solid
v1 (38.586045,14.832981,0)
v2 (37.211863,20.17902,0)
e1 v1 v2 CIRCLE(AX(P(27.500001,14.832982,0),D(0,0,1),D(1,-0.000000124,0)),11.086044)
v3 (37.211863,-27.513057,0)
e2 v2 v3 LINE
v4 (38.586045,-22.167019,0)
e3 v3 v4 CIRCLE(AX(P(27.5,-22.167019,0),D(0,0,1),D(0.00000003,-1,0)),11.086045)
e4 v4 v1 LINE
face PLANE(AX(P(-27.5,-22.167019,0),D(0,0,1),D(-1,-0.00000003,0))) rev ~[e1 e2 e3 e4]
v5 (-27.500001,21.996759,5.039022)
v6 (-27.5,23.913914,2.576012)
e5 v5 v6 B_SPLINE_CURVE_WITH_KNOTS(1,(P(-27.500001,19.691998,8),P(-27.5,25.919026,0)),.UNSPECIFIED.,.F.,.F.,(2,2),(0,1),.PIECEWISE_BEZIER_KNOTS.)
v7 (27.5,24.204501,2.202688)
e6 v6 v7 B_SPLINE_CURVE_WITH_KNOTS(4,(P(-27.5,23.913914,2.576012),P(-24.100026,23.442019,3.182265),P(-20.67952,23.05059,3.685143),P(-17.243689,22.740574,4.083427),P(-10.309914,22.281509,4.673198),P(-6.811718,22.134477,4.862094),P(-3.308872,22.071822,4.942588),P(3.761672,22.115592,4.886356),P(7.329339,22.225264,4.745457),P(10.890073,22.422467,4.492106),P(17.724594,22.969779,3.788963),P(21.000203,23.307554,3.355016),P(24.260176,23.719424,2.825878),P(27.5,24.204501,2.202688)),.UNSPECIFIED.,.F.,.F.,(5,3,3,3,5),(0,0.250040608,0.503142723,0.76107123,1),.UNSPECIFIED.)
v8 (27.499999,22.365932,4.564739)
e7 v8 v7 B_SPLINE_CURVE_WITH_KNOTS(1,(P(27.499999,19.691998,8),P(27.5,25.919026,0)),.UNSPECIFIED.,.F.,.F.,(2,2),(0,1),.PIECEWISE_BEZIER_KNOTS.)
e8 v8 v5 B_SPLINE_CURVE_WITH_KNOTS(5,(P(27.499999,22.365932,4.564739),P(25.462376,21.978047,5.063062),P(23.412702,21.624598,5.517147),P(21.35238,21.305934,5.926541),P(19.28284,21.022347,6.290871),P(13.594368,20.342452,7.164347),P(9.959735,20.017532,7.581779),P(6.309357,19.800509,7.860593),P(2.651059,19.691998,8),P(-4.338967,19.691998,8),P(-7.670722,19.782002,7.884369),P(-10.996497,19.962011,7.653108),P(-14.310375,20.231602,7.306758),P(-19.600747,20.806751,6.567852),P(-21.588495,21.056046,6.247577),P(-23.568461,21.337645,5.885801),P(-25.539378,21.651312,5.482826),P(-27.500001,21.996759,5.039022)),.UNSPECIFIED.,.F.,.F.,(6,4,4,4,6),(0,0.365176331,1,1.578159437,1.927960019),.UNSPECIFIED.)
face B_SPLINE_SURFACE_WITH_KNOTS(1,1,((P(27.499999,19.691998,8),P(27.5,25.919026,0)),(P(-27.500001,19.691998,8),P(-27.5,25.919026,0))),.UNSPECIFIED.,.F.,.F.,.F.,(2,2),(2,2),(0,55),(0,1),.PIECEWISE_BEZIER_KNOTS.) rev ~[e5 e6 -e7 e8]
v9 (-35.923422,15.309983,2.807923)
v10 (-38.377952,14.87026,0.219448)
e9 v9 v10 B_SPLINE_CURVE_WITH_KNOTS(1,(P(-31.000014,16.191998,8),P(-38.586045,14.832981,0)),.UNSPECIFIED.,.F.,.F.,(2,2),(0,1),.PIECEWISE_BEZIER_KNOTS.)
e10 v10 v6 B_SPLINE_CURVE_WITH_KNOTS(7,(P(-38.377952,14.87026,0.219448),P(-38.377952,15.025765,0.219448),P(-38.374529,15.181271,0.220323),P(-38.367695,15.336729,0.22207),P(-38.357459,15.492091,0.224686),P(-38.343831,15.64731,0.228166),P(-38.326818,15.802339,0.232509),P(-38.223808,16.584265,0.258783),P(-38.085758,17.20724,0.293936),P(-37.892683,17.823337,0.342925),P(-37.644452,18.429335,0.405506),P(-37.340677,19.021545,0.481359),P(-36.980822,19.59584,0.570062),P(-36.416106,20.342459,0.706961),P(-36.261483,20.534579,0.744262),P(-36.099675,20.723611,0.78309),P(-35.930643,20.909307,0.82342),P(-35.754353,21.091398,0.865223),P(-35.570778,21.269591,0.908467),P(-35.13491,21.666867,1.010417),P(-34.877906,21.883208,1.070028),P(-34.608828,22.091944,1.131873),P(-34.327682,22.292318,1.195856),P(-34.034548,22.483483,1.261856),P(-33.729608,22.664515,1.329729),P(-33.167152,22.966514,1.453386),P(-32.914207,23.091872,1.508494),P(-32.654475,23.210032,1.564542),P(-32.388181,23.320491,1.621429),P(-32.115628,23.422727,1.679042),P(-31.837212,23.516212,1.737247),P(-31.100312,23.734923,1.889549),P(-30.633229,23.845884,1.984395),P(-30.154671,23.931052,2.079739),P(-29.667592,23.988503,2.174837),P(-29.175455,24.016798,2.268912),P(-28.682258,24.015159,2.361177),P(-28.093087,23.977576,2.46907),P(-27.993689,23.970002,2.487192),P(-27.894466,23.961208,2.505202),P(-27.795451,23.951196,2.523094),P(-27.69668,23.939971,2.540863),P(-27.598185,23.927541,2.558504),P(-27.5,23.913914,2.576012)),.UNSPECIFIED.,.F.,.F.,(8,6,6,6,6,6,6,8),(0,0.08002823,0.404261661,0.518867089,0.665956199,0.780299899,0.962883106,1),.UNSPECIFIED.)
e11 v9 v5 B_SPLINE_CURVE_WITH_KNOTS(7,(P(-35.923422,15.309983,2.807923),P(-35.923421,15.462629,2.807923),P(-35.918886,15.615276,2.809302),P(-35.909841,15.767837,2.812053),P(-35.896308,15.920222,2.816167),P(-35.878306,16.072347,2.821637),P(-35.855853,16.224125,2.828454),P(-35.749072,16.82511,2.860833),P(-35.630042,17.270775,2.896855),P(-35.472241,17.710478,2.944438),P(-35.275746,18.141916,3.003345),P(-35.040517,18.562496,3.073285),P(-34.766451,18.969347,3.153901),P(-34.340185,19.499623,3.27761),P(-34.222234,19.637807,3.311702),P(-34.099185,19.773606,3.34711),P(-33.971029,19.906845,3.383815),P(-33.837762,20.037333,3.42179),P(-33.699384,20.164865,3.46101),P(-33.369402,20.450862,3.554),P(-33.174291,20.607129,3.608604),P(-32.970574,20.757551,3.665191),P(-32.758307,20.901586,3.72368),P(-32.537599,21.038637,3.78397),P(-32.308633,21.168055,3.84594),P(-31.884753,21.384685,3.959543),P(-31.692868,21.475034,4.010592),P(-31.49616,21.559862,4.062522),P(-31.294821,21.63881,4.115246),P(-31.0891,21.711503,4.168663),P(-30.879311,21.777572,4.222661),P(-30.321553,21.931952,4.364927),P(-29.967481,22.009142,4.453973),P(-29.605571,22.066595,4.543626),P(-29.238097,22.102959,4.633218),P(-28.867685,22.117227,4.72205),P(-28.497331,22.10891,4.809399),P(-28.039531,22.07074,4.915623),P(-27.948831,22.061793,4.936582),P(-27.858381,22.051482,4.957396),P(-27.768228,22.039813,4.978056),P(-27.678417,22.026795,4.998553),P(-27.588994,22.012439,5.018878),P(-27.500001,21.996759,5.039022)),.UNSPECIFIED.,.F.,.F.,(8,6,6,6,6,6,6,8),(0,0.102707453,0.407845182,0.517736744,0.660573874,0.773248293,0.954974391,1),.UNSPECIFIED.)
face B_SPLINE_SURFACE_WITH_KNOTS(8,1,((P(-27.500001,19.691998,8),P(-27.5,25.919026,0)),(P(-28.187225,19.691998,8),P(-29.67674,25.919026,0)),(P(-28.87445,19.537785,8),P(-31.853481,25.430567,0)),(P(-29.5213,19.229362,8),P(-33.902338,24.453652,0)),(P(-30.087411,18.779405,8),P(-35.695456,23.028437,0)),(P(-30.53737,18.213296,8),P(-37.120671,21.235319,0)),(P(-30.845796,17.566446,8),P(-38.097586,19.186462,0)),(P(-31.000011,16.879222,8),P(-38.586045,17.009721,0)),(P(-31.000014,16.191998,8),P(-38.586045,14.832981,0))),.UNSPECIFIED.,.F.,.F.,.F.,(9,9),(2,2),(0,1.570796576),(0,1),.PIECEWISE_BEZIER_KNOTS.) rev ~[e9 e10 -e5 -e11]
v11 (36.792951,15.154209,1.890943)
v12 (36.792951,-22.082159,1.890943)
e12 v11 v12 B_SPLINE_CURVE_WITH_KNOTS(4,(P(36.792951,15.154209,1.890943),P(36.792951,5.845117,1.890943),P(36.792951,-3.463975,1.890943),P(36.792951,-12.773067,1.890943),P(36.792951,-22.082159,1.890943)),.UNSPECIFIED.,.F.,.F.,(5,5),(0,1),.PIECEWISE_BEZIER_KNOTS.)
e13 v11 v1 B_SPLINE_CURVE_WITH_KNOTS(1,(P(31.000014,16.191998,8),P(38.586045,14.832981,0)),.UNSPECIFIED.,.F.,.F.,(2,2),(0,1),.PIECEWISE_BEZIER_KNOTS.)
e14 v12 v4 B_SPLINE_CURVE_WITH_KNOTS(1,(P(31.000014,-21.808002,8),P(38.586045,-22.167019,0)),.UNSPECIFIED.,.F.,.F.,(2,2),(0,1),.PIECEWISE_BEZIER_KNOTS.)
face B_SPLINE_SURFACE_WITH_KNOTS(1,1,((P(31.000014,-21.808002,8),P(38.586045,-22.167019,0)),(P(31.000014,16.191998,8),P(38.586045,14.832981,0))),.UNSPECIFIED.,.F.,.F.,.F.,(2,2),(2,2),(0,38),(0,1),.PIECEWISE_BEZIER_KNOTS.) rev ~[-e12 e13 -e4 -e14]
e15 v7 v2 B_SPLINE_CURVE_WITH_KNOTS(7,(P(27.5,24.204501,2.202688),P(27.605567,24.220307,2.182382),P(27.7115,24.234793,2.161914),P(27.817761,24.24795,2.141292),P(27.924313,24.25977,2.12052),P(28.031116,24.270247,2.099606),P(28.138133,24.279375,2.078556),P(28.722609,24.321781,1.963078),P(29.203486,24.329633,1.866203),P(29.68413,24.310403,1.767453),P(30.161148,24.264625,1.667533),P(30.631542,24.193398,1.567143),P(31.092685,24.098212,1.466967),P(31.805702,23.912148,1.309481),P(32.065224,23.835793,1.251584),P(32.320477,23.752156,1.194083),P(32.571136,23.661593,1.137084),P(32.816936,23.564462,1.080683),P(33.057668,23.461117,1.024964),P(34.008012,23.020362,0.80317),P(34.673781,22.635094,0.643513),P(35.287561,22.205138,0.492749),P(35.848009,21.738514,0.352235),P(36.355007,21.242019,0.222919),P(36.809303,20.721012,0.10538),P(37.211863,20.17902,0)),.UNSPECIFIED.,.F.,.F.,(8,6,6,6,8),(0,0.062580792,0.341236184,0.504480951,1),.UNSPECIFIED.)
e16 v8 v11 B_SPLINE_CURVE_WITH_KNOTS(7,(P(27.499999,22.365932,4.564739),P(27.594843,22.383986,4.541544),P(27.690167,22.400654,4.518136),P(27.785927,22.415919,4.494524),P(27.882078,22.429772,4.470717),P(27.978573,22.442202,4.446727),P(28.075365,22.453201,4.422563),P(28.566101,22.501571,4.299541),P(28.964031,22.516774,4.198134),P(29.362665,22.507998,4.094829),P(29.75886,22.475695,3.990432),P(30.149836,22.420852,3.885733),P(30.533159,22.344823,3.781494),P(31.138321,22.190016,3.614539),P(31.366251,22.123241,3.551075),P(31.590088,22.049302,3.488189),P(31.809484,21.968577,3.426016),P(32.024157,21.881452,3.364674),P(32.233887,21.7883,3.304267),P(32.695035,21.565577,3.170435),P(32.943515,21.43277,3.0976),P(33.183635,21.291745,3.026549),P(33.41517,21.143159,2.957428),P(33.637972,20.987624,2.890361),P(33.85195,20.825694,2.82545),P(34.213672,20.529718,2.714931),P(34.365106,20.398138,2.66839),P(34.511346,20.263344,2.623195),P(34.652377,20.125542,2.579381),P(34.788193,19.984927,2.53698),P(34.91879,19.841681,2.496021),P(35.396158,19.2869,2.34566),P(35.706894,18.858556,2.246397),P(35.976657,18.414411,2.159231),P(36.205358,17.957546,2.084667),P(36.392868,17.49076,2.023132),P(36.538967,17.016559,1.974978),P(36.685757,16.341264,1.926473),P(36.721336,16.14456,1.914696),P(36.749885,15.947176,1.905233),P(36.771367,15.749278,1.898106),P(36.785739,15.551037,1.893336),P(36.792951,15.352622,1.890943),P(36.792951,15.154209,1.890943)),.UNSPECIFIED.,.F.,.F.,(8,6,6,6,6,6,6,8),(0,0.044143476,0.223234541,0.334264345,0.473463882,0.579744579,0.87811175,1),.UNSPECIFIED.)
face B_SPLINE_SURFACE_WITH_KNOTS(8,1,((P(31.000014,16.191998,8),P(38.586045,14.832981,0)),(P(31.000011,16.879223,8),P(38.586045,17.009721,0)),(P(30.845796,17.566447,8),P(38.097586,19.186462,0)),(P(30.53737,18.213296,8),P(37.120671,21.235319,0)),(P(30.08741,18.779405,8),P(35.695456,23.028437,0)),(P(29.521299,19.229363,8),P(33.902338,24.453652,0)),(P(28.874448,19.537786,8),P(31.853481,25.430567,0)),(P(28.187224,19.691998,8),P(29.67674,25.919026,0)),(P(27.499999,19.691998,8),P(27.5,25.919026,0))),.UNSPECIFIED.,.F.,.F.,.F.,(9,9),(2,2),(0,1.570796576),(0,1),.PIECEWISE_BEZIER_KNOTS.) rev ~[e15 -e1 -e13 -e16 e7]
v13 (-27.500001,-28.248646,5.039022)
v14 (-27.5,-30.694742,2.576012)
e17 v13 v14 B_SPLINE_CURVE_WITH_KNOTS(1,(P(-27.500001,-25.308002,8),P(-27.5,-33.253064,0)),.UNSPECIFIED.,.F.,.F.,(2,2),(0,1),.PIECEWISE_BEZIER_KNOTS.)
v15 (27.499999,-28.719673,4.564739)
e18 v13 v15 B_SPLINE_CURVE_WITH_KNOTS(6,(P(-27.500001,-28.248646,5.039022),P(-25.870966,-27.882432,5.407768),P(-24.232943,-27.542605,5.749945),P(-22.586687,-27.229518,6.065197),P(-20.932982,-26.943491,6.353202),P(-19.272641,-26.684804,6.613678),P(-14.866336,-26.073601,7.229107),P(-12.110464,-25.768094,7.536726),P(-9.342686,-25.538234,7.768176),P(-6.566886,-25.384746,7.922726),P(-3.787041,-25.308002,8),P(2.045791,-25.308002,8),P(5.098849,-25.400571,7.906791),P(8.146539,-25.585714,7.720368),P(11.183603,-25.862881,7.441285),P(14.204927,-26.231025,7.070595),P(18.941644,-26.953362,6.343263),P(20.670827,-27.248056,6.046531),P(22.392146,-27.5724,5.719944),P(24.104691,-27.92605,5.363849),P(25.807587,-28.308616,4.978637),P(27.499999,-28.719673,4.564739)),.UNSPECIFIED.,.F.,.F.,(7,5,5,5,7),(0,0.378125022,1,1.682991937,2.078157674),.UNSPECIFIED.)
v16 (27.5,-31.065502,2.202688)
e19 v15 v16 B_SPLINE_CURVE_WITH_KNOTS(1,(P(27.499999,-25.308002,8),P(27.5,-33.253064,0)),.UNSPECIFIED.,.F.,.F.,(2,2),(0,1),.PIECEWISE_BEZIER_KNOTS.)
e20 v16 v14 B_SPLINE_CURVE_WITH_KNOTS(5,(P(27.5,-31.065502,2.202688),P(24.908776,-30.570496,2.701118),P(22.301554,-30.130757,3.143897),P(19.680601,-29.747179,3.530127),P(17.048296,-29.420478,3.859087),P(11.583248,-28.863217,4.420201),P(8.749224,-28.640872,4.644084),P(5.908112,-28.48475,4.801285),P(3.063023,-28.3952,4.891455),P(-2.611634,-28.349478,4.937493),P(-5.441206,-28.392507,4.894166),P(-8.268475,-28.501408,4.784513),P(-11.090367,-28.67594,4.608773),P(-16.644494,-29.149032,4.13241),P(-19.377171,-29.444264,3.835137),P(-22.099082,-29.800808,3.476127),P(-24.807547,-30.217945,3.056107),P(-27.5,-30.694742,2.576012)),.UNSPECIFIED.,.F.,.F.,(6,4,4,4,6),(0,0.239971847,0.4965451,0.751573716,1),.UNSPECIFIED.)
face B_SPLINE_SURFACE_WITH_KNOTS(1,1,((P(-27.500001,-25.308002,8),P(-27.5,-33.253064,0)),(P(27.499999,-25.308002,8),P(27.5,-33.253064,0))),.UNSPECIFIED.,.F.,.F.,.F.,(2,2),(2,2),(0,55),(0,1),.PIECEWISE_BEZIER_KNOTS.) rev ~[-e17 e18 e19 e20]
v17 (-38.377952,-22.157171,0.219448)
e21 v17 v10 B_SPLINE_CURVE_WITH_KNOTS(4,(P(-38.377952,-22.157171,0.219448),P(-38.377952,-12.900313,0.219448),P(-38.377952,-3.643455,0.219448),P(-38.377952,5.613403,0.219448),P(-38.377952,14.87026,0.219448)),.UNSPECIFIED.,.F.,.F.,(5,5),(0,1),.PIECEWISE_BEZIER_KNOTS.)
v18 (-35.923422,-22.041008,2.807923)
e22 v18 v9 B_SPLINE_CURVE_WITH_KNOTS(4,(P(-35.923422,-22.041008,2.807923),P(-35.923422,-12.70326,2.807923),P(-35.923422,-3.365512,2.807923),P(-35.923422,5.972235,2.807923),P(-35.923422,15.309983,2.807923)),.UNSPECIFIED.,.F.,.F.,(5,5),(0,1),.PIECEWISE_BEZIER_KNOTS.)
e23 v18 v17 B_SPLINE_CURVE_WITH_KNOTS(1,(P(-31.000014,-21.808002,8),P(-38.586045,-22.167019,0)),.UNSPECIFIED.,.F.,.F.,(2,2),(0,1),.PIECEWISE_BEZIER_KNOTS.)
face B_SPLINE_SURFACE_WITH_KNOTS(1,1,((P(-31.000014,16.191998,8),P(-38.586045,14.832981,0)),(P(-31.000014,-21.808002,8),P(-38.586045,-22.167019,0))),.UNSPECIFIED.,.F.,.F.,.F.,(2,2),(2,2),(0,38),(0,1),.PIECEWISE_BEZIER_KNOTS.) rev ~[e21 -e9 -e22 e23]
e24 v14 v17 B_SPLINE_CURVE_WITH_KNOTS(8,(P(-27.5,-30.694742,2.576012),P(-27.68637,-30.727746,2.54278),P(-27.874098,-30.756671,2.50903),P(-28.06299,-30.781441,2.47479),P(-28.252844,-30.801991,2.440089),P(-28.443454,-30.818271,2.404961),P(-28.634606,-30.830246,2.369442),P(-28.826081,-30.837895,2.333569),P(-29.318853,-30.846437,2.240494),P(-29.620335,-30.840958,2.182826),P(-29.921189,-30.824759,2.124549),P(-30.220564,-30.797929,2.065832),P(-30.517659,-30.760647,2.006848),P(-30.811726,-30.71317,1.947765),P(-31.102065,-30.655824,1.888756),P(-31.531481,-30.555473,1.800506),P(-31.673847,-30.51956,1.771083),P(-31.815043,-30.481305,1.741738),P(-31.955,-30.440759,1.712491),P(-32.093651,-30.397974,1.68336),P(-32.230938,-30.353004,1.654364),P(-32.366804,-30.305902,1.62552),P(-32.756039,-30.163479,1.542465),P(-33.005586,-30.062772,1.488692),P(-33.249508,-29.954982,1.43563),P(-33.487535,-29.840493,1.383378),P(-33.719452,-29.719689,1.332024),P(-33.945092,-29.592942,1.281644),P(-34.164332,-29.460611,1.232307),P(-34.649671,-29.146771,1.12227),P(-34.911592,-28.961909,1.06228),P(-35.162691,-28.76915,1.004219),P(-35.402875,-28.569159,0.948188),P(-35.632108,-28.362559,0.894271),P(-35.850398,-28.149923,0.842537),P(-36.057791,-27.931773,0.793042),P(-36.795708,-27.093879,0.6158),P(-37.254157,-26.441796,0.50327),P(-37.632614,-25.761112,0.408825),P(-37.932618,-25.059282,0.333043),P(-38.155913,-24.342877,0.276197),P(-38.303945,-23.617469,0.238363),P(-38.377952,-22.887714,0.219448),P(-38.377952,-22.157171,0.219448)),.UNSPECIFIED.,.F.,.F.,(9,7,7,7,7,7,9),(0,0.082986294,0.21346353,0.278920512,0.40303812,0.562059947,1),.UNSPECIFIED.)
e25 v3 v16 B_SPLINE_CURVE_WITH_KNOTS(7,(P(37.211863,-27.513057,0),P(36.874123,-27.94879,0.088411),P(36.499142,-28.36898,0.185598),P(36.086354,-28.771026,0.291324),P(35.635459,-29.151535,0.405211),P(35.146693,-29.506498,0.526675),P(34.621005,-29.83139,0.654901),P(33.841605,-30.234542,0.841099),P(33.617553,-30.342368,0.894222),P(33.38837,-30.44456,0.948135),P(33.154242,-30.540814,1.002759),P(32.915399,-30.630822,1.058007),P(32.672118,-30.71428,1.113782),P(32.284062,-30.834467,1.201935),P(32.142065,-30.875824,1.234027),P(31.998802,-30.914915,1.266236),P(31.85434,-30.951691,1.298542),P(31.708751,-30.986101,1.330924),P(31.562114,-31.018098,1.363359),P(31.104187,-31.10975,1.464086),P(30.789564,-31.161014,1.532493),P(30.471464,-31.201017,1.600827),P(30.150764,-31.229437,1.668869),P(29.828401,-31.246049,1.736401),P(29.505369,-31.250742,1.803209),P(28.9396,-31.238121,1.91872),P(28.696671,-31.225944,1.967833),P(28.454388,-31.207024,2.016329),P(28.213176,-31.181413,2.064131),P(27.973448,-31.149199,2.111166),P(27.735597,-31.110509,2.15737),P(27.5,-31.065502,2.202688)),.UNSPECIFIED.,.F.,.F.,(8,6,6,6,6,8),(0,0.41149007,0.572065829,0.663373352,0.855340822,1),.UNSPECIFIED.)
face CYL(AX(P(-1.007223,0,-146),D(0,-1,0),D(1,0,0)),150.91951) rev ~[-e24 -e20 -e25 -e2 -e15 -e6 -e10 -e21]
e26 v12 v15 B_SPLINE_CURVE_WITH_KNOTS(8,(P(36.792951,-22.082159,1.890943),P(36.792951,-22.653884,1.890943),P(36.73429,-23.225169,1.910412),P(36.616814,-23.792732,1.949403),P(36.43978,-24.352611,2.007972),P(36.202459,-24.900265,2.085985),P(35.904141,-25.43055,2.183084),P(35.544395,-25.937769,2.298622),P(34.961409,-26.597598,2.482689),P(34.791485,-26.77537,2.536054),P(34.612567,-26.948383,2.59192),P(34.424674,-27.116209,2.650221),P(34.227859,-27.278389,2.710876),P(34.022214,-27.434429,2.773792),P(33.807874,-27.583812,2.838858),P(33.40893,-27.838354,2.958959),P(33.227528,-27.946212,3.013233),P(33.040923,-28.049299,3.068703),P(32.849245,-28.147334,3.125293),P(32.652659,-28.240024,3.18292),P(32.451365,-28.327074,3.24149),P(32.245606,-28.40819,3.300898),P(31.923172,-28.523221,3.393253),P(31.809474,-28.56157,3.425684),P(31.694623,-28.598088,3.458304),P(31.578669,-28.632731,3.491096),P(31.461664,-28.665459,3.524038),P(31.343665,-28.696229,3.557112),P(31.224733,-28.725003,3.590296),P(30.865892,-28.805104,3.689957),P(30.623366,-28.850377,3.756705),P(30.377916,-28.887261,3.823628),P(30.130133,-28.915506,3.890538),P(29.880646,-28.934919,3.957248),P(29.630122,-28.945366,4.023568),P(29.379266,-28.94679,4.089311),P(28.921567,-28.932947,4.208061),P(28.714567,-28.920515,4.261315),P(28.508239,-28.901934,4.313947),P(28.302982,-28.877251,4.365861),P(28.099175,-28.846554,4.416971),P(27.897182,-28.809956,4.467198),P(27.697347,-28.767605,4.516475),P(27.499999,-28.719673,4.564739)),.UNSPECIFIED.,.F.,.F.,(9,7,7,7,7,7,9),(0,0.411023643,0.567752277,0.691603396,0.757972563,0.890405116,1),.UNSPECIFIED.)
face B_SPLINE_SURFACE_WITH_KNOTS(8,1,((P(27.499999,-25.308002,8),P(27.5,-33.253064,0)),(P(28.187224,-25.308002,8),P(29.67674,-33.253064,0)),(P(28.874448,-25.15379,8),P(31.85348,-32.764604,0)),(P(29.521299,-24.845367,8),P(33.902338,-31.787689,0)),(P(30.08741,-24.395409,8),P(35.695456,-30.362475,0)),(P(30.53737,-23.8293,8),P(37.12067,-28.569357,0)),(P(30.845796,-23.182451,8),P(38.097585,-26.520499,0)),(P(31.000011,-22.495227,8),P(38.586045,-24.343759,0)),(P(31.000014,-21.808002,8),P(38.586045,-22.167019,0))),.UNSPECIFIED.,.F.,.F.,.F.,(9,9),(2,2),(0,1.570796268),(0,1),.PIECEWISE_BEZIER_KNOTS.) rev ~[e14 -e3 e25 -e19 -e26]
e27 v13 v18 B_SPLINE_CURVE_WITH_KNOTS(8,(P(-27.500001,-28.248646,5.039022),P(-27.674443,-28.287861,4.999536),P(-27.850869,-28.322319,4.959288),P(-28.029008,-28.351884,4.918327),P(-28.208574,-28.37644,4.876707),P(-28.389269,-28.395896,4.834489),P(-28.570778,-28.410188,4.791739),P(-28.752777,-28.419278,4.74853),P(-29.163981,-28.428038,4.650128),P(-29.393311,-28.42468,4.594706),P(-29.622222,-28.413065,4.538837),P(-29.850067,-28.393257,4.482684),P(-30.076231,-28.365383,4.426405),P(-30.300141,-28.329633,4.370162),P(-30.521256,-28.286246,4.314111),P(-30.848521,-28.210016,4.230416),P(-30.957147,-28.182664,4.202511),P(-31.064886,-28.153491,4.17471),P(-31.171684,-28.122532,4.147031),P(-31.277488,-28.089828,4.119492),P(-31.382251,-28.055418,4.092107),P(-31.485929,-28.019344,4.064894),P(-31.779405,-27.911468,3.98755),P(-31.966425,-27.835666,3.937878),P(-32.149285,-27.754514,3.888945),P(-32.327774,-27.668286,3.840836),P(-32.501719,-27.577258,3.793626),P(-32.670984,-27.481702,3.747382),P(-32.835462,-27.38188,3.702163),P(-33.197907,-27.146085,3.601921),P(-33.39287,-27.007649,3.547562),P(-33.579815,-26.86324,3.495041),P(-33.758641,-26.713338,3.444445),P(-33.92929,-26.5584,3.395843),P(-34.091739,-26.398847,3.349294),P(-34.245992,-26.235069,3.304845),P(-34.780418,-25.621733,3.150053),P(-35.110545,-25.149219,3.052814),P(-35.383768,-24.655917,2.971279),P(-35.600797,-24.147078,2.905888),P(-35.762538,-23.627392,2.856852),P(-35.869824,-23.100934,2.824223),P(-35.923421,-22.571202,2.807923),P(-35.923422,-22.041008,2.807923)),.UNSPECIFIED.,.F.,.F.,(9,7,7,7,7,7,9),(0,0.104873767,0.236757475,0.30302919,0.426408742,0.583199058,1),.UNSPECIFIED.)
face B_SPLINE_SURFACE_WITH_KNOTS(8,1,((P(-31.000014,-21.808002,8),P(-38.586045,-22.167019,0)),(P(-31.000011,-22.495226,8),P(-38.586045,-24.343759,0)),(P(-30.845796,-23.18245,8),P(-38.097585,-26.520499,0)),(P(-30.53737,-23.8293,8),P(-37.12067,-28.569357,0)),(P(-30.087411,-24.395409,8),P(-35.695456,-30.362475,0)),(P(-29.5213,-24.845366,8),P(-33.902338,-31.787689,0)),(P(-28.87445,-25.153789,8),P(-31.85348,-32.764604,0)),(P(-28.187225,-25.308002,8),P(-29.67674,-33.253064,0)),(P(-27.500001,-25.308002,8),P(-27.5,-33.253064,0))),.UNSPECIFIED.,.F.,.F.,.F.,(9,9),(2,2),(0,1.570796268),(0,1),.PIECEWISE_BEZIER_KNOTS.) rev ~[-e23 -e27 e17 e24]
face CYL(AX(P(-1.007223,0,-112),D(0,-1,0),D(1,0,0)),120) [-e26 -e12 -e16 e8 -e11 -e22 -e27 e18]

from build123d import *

# Parameters (mm, degrees)
SKETCH003_R  = 120
PAD001_DEPTH = 35
SKETCH002_R  = 150.91951
PAD_DEPTH    = 35


with BuildPart() as pad001:
    # Sketch003 → Pad001 (new body, symmetric)
    with BuildSketch(Plane.XZ):
        with Locations((-1.007223, -112)):
            Circle(SKETCH003_R)
    extrude(amount=PAD001_DEPTH, both=True)


with BuildPart() as pad:
    # Sketch002 → Pad (new body, symmetric)
    with BuildSketch(Plane.XZ):
        with Locations((-1.007223, -146)):
            Circle(SKETCH002_R)
    extrude(amount=PAD_DEPTH, both=True)


with BuildPart() as common:
    # Sketch001 → Loft section 0
    with BuildSketch(Plane.XY.offset(8)):
        with BuildLine():
            Line((-31.000014, 16.191998), (-31.000014, -21.808002))
            ThreePointArc((-31.000014, -21.808002), (-29.974879, -24.282877), (-27.500001, -25.308002))
            Line((-27.500001, -25.308002), (27.499999, -25.308002))
            ThreePointArc((27.499999, -25.308002), (29.974879, -24.282877), (31.000014, -21.808002))
            Line((31.000014, -21.808002), (31.000014, 16.191998))
            ThreePointArc((31.000014, 16.191998), (29.974879, 18.666873), (27.499999, 19.691998))
            Line((27.499999, 19.691998), (-27.500001, 19.691998))
            ThreePointArc((-27.500001, 19.691998), (-29.974879, 18.666873), (-31.000014, 16.191998))
        make_face()
    # Sketch → Loft section 1
    with BuildSketch(Plane.XY):
        with BuildLine():
            Line((-38.586045, 14.832981), (-38.586045, -22.167019))
            ThreePointArc((-38.586045, -22.167019), (-35.339018, -30.006036), (-27.5, -33.253064))
            Line((-27.5, -33.253064), (27.5, -33.253064))
            ThreePointArc((27.5, -33.253064), (35.339018, -30.006036), (38.586045, -22.167019))
            Line((38.586045, -22.167019), (38.586045, 14.832981))
            ThreePointArc((38.586045, 14.832981), (35.339018, 22.671999), (27.5, 25.919026))
            Line((27.5, 25.919026), (-27.5, 25.919026))
            ThreePointArc((-27.5, 25.919026), (-35.339018, 22.671999), (-38.586045, 14.832981))
        make_face()
    loft()

    # Cut: cut Pad
    add(pad.part, mode=Mode.SUBTRACT)

    # Common: intersect Pad001
    add(pad001.part, mode=Mode.INTERSECT)


solid = common.part
